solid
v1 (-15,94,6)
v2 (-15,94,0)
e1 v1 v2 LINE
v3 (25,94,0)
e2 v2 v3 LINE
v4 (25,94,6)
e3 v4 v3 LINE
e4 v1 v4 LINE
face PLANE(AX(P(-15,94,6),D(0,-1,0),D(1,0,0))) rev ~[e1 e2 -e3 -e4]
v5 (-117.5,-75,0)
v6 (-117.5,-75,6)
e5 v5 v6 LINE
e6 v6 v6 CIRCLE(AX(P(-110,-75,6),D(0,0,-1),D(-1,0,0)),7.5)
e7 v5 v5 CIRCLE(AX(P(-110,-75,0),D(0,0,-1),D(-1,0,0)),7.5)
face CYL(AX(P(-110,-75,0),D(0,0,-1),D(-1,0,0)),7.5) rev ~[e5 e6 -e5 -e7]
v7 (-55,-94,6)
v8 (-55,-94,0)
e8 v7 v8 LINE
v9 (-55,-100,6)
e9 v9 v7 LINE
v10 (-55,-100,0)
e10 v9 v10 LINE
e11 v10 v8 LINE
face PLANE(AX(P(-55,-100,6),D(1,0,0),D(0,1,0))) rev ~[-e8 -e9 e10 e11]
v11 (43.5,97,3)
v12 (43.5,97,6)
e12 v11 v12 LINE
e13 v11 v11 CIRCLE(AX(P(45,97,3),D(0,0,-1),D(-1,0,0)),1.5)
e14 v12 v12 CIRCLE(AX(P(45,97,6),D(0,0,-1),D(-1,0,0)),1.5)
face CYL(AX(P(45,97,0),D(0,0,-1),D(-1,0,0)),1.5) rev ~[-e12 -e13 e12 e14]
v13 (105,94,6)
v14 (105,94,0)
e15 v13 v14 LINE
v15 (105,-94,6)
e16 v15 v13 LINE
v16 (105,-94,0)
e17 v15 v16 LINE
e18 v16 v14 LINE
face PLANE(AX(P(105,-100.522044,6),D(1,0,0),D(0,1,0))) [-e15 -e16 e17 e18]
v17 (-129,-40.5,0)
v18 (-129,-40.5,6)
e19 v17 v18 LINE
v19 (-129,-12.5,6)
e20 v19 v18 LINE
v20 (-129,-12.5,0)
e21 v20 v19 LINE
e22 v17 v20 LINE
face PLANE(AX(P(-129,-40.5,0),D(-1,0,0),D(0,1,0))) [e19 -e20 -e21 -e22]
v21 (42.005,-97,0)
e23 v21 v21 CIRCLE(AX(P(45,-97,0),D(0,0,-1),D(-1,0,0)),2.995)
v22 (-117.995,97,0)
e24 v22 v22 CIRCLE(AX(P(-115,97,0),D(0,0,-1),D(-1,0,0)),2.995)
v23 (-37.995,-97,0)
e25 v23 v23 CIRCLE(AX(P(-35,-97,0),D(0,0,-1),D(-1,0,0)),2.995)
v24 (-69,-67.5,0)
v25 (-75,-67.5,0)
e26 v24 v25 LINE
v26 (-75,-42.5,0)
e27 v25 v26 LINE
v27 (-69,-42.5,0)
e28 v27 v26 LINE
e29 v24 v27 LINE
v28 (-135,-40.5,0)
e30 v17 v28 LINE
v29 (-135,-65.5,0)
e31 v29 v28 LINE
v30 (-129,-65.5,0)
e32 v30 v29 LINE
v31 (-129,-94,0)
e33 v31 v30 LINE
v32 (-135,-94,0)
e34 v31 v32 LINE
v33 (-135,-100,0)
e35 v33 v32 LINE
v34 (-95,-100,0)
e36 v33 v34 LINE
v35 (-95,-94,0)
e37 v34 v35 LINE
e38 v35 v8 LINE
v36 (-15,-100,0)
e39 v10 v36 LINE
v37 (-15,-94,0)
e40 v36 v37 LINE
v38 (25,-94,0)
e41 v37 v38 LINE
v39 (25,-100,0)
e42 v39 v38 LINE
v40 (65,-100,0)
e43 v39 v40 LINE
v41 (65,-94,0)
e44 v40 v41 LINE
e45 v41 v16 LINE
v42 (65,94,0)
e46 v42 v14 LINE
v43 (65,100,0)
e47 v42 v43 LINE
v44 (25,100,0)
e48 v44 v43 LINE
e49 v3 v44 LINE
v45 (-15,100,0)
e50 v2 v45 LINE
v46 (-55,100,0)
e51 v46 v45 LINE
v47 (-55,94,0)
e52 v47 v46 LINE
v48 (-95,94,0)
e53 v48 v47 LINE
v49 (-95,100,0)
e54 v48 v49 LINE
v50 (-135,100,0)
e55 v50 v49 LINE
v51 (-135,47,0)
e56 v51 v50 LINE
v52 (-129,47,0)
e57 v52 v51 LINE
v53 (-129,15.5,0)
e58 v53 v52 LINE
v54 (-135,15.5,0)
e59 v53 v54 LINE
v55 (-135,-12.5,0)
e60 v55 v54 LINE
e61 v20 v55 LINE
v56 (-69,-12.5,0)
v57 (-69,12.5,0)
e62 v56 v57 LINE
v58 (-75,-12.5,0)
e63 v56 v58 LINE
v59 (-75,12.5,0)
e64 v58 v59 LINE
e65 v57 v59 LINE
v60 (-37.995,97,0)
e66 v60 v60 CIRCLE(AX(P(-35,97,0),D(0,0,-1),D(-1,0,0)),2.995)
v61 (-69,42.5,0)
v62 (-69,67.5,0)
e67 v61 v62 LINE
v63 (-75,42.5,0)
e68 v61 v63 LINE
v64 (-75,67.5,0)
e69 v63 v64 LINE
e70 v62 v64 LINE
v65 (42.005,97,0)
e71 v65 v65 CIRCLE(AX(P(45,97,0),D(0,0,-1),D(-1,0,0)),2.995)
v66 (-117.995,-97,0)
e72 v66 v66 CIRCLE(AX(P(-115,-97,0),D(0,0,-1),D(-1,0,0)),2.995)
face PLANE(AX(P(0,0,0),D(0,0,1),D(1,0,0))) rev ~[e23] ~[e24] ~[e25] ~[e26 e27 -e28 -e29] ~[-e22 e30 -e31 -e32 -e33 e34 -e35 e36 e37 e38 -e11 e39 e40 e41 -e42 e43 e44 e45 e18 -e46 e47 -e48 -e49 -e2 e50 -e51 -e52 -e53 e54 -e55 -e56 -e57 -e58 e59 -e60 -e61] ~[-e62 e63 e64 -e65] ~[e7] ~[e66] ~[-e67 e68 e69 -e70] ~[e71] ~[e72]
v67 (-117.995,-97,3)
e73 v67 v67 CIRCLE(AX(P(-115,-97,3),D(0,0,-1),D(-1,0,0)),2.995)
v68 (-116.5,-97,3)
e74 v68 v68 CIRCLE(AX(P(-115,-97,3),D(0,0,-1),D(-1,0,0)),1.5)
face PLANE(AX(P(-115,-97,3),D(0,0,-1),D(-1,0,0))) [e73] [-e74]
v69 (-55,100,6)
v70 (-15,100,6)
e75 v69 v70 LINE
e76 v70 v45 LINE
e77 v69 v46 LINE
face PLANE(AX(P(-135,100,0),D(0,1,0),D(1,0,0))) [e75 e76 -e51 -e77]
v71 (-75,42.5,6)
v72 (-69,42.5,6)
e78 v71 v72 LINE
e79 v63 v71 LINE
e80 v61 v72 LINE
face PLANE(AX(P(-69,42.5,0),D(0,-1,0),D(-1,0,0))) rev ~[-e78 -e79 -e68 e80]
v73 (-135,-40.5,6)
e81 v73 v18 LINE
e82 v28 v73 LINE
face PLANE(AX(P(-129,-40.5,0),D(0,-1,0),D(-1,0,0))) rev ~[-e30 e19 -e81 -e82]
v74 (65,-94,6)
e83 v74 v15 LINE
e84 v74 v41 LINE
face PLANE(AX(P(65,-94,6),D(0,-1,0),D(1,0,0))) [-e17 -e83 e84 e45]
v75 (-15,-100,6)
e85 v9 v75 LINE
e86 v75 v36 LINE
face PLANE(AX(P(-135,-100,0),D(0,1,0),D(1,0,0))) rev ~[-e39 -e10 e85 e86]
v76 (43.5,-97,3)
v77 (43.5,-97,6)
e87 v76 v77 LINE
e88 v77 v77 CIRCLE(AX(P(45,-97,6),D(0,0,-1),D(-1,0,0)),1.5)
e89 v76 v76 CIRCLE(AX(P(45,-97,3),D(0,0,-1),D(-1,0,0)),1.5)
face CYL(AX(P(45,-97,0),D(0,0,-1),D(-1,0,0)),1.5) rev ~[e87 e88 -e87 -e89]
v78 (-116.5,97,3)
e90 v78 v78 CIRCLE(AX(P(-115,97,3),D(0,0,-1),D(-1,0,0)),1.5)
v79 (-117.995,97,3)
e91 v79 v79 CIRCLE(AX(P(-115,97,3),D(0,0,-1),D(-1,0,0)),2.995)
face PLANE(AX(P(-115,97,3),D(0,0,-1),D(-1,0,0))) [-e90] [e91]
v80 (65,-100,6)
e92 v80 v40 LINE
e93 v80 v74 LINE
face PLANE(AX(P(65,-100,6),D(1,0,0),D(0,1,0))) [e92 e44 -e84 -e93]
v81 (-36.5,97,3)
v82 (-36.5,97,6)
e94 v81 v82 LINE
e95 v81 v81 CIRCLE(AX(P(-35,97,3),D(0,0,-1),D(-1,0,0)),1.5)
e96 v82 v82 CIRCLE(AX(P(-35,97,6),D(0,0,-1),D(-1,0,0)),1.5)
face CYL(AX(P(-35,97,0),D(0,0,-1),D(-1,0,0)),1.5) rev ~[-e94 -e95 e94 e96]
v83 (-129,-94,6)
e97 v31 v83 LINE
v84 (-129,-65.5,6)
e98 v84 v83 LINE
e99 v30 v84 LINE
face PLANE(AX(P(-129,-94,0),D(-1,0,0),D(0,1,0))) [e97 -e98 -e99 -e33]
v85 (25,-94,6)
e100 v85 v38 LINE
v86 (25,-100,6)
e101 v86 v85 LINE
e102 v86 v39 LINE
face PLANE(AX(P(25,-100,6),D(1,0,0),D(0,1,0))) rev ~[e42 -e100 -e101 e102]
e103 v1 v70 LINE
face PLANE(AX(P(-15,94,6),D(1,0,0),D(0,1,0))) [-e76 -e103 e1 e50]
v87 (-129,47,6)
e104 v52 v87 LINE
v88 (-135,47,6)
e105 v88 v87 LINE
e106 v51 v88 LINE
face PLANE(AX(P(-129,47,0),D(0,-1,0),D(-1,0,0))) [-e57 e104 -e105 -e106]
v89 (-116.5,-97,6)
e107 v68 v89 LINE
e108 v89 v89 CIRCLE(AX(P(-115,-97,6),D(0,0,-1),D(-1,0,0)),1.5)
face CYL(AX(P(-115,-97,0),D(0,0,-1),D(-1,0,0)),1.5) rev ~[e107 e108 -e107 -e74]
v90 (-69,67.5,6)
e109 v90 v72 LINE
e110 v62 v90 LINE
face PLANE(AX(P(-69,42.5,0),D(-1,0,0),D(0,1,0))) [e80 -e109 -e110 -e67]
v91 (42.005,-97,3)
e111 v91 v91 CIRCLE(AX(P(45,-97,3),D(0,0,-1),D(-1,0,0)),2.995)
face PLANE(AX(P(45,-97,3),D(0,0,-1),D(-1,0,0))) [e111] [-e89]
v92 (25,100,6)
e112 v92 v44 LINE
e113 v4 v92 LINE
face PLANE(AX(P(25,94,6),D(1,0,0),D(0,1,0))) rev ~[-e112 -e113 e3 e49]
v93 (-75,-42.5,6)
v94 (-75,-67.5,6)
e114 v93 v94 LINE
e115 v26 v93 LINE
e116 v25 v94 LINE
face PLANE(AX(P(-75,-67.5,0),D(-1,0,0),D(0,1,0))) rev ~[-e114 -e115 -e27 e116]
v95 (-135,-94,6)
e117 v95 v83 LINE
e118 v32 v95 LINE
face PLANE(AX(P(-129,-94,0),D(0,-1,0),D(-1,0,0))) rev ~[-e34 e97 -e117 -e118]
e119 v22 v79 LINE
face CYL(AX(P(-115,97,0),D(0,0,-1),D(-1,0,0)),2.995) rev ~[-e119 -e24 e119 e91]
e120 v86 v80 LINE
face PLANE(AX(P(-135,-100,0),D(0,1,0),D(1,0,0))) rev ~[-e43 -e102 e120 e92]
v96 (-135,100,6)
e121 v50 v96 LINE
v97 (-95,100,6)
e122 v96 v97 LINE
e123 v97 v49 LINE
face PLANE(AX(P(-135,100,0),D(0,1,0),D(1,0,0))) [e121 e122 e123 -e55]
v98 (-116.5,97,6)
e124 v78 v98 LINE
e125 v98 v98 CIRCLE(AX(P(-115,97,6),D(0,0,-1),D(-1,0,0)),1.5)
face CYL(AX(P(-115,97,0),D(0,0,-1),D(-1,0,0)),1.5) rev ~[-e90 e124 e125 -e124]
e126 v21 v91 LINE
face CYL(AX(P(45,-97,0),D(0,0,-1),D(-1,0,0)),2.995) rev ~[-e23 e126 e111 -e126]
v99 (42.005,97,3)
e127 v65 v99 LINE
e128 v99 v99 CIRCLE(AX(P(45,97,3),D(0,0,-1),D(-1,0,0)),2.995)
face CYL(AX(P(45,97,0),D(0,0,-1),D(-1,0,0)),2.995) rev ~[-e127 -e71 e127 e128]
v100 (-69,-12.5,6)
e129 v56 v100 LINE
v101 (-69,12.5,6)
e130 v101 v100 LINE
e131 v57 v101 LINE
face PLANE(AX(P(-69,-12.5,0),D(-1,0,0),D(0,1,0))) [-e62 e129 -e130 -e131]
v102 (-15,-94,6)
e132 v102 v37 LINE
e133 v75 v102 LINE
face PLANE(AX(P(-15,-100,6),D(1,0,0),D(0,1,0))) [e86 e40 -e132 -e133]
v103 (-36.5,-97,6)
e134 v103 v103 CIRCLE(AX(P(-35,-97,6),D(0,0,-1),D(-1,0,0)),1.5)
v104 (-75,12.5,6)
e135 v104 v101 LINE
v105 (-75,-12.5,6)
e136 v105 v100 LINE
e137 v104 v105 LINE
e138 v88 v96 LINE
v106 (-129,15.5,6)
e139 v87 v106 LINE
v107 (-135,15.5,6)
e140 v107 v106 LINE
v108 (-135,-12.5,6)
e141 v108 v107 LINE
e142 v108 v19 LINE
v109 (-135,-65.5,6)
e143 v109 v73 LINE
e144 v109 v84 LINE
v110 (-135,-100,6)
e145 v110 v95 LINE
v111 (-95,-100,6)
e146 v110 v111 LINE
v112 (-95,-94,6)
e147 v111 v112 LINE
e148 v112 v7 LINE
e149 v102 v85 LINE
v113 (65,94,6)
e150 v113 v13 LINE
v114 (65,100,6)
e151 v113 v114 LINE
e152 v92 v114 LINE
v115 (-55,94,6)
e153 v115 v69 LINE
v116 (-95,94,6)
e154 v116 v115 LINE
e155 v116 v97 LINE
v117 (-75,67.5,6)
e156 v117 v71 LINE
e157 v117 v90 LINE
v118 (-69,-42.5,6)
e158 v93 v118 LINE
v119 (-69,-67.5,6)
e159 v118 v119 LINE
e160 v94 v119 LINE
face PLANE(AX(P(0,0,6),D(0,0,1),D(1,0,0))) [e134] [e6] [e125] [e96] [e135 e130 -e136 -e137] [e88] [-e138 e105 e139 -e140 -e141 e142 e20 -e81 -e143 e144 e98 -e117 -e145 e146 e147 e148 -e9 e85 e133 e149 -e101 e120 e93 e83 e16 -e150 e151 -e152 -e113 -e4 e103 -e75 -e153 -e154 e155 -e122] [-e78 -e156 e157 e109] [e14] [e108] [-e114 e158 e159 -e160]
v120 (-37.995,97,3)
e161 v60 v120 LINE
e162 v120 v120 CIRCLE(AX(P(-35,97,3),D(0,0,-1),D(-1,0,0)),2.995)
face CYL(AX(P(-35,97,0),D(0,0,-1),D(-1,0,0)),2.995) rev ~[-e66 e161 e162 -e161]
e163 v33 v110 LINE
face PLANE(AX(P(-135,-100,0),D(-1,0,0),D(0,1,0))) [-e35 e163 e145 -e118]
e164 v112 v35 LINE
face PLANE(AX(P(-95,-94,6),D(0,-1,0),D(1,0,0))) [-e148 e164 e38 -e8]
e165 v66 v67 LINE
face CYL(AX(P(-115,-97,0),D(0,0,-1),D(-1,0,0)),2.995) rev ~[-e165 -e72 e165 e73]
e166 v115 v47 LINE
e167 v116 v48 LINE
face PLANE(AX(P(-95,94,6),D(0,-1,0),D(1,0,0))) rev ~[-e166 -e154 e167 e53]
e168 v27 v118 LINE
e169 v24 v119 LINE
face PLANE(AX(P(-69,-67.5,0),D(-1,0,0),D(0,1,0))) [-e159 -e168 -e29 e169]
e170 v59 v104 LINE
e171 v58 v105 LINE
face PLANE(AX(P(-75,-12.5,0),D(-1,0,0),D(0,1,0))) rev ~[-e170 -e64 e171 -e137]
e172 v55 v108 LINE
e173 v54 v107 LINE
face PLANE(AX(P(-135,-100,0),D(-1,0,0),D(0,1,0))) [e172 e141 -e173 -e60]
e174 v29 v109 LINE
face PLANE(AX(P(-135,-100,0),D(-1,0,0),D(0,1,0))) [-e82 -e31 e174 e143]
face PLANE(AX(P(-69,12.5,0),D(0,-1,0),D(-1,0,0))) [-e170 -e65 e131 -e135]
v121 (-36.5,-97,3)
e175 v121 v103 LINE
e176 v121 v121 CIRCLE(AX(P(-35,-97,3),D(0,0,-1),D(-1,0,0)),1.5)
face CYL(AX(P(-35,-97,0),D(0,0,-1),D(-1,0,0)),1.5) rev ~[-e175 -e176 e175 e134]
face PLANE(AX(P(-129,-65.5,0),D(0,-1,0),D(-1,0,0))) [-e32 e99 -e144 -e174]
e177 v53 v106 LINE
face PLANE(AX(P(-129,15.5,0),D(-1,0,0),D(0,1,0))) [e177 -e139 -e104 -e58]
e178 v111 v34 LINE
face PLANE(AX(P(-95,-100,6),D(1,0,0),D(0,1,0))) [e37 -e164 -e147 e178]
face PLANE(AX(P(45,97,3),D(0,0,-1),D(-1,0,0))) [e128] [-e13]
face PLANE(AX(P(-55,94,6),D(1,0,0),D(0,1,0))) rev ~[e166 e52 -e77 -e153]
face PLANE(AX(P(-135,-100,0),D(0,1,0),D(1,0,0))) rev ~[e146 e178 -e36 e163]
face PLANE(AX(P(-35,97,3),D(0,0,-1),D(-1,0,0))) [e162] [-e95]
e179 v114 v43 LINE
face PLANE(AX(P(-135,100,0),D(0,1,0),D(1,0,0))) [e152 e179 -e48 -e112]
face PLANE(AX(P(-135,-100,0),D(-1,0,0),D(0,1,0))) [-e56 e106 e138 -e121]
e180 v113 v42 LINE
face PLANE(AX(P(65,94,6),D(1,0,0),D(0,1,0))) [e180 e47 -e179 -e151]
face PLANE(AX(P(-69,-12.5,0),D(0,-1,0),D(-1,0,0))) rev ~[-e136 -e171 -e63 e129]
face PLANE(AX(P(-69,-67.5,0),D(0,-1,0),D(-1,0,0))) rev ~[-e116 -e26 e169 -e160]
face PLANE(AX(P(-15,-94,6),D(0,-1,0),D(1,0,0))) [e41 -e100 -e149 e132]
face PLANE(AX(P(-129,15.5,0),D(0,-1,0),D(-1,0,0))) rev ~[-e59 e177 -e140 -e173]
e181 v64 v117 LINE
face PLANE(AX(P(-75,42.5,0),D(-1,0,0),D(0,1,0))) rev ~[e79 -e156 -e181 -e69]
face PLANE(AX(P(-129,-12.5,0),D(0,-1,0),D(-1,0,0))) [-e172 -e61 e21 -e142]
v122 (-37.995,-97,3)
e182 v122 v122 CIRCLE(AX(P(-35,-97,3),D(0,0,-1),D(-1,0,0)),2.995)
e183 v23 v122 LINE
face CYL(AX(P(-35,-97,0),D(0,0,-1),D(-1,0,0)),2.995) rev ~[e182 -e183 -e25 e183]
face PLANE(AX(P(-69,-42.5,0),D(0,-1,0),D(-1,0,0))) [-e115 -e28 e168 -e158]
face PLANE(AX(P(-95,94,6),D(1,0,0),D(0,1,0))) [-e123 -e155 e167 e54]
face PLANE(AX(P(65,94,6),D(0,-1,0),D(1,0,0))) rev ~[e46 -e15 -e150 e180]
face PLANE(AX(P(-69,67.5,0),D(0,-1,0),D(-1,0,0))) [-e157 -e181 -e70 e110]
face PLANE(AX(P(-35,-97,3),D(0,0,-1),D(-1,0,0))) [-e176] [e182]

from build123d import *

# Parameters (mm, degrees)
ESQUISSE1_W             = 270
ESQUISSE1_H             = 200
BOSS_EXTRU_1_DEPTH      = 6
ESQUISSE2_R             = 7.5
ENL_V_MAT_EXTRU_1_DEPTH = 10
ESQUISSE4_W             = 40
ESQUISSE4_H             = 6
ESQUISSE4_W_2           = 6
ESQUISSE4_H_2           = 50
ESQUISSE4_H_3           = 40
ENL_V_MAT_EXTRU_2_DEPTH = 6
ESQUISSE5_W             = 6
ESQUISSE5_H             = 25
ENL_V_MAT_EXTRU_3_DEPTH = 10
ESQUISSE6_W             = 30.179320299
ESQUISSE6_H             = 200.522044325
ENL_V_MAT_EXTRU_4_DEPTH = 169.110082981
ESQUISSE7_R             = 2.995
ENL_V_MAT_EXTRU_5_DEPTH = 3
ESQUISSE8_R             = 1.5
ENL_V_MAT_EXTRU_6_DEPTH = 13
ESQUISSE9_W             = 6
ESQUISSE9_H             = 28.5
ESQUISSE9_H_2           = 28
ESQUISSE9_H_3           = 31.5
ENL_V_MAT_EXTRU_7_DEPTH = 10


with BuildPart() as part:
    # Esquisse1 → Boss.-Extru.1 (new body)
    with BuildSketch(Plane.XY):
        Rectangle(ESQUISSE1_W, ESQUISSE1_H)
    extrude(amount=BOSS_EXTRU_1_DEPTH)

    # Esquisse2 → Enlèv. mat.-Extru.1 (cut)
    with BuildSketch(Plane(origin=(0, 0, 0), x_dir=(-1, 0, 0), z_dir=(0, 0, -1))):
        with Locations((110, -75)):
            Circle(ESQUISSE2_R)
    extrude(amount=-ENL_V_MAT_EXTRU_1_DEPTH, mode=Mode.SUBTRACT)

    # Esquisse4 → Enlèv. mat.-Extru.2 (cut)
    with BuildSketch(Plane.XY.offset(6)):
        with Locations((-75, -97)):
            Rectangle(ESQUISSE4_W, ESQUISSE4_H)
        with Locations((5, -97)):
            Rectangle(ESQUISSE4_W, ESQUISSE4_H)
        with Locations((85, -97)):
            Rectangle(ESQUISSE4_W, ESQUISSE4_H)
        with Locations((-75, 97)):
            Rectangle(ESQUISSE4_W, ESQUISSE4_H)
        with Locations((5, 97)):
            Rectangle(ESQUISSE4_W, ESQUISSE4_H)
        with Locations((85, 97)):
            Rectangle(ESQUISSE4_W, ESQUISSE4_H)
        with Locations((132, -75)):
            Rectangle(ESQUISSE4_W_2, ESQUISSE4_H_2)
        with Locations((132, 75)):
            Rectangle(ESQUISSE4_W_2, ESQUISSE4_H_2)
        with Locations((132, 0)):
            Rectangle(ESQUISSE4_W_2, ESQUISSE4_H_3)
    extrude(amount=-ENL_V_MAT_EXTRU_2_DEPTH, mode=Mode.SUBTRACT)

    # Esquisse5 → Enlèv. mat.-Extru.3 (cut)
    with BuildSketch(Plane(origin=(0, 0, 0), x_dir=(-1, 0, 0), z_dir=(0, 0, -1))):
        with Locations((72, -55)):
            Rectangle(ESQUISSE5_W, ESQUISSE5_H)
        with Locations((72, 0)):
            Rectangle(ESQUISSE5_W, ESQUISSE5_H)
        with Locations((72, 55)):
            Rectangle(ESQUISSE5_W, ESQUISSE5_H)
    extrude(amount=-ENL_V_MAT_EXTRU_3_DEPTH, mode=Mode.SUBTRACT)

    # Esquisse6 → Enlèv. mat.-Extru.4 (cut, through all)
    with BuildSketch(Plane.XY.offset(6)):
        with Locations((120.08966015, -0.261022163)):
            Rectangle(ESQUISSE6_W, ESQUISSE6_H)
    extrude(amount=-ENL_V_MAT_EXTRU_4_DEPTH, mode=Mode.SUBTRACT)

    # Esquisse7 → Enlèv. mat.-Extru.5 (cut)
    with BuildSketch(Plane(origin=(0, 0, 0), x_dir=(-1, 0, 0), z_dir=(0, 0, -1))):
        with Locations((-45, 97)):
            Circle(ESQUISSE7_R)
        with Locations((35, 97)):
            Circle(ESQUISSE7_R)
        with Locations((115, 97)):
            Circle(ESQUISSE7_R)
        with Locations((-45, -97)):
            Circle(ESQUISSE7_R)
        with Locations((35, -97)):
            Circle(ESQUISSE7_R)
        with Locations((115, -97)):
            Circle(ESQUISSE7_R)
    extrude(amount=-ENL_V_MAT_EXTRU_5_DEPTH, mode=Mode.SUBTRACT)

    # Esquisse8 → Enlèv. mat.-Extru.6 (cut)
    with BuildSketch(Plane(origin=(0, 0, 0), x_dir=(-1, 0, 0), z_dir=(0, 0, -1))):
        with Locations((-45, 97)):
            Circle(ESQUISSE8_R)
        with Locations((35, 97)):
            Circle(ESQUISSE8_R)
        with Locations((115, 97)):
            Circle(ESQUISSE8_R)
        with Locations((-45, -97)):
            Circle(ESQUISSE8_R)
        with Locations((35, -97)):
            Circle(ESQUISSE8_R)
        with Locations((115, -97)):
            Circle(ESQUISSE8_R)
    extrude(amount=-ENL_V_MAT_EXTRU_6_DEPTH, mode=Mode.SUBTRACT)

    # Esquisse9 → Enlèv. mat.-Extru.7 (cut)
    with BuildSketch(Plane(origin=(0, 0, 0), x_dir=(-1, 0, 0), z_dir=(0, 0, -1))):
        with Locations((132, -79.75)):
            Rectangle(ESQUISSE9_W, ESQUISSE9_H)
        with Locations((132, -26.5)):
            Rectangle(ESQUISSE9_W, ESQUISSE9_H_2)
        with Locations((132, 31.25)):
            Rectangle(ESQUISSE9_W, ESQUISSE9_H_3)
    extrude(amount=-ENL_V_MAT_EXTRU_7_DEPTH, mode=Mode.SUBTRACT)


solid = part.part
